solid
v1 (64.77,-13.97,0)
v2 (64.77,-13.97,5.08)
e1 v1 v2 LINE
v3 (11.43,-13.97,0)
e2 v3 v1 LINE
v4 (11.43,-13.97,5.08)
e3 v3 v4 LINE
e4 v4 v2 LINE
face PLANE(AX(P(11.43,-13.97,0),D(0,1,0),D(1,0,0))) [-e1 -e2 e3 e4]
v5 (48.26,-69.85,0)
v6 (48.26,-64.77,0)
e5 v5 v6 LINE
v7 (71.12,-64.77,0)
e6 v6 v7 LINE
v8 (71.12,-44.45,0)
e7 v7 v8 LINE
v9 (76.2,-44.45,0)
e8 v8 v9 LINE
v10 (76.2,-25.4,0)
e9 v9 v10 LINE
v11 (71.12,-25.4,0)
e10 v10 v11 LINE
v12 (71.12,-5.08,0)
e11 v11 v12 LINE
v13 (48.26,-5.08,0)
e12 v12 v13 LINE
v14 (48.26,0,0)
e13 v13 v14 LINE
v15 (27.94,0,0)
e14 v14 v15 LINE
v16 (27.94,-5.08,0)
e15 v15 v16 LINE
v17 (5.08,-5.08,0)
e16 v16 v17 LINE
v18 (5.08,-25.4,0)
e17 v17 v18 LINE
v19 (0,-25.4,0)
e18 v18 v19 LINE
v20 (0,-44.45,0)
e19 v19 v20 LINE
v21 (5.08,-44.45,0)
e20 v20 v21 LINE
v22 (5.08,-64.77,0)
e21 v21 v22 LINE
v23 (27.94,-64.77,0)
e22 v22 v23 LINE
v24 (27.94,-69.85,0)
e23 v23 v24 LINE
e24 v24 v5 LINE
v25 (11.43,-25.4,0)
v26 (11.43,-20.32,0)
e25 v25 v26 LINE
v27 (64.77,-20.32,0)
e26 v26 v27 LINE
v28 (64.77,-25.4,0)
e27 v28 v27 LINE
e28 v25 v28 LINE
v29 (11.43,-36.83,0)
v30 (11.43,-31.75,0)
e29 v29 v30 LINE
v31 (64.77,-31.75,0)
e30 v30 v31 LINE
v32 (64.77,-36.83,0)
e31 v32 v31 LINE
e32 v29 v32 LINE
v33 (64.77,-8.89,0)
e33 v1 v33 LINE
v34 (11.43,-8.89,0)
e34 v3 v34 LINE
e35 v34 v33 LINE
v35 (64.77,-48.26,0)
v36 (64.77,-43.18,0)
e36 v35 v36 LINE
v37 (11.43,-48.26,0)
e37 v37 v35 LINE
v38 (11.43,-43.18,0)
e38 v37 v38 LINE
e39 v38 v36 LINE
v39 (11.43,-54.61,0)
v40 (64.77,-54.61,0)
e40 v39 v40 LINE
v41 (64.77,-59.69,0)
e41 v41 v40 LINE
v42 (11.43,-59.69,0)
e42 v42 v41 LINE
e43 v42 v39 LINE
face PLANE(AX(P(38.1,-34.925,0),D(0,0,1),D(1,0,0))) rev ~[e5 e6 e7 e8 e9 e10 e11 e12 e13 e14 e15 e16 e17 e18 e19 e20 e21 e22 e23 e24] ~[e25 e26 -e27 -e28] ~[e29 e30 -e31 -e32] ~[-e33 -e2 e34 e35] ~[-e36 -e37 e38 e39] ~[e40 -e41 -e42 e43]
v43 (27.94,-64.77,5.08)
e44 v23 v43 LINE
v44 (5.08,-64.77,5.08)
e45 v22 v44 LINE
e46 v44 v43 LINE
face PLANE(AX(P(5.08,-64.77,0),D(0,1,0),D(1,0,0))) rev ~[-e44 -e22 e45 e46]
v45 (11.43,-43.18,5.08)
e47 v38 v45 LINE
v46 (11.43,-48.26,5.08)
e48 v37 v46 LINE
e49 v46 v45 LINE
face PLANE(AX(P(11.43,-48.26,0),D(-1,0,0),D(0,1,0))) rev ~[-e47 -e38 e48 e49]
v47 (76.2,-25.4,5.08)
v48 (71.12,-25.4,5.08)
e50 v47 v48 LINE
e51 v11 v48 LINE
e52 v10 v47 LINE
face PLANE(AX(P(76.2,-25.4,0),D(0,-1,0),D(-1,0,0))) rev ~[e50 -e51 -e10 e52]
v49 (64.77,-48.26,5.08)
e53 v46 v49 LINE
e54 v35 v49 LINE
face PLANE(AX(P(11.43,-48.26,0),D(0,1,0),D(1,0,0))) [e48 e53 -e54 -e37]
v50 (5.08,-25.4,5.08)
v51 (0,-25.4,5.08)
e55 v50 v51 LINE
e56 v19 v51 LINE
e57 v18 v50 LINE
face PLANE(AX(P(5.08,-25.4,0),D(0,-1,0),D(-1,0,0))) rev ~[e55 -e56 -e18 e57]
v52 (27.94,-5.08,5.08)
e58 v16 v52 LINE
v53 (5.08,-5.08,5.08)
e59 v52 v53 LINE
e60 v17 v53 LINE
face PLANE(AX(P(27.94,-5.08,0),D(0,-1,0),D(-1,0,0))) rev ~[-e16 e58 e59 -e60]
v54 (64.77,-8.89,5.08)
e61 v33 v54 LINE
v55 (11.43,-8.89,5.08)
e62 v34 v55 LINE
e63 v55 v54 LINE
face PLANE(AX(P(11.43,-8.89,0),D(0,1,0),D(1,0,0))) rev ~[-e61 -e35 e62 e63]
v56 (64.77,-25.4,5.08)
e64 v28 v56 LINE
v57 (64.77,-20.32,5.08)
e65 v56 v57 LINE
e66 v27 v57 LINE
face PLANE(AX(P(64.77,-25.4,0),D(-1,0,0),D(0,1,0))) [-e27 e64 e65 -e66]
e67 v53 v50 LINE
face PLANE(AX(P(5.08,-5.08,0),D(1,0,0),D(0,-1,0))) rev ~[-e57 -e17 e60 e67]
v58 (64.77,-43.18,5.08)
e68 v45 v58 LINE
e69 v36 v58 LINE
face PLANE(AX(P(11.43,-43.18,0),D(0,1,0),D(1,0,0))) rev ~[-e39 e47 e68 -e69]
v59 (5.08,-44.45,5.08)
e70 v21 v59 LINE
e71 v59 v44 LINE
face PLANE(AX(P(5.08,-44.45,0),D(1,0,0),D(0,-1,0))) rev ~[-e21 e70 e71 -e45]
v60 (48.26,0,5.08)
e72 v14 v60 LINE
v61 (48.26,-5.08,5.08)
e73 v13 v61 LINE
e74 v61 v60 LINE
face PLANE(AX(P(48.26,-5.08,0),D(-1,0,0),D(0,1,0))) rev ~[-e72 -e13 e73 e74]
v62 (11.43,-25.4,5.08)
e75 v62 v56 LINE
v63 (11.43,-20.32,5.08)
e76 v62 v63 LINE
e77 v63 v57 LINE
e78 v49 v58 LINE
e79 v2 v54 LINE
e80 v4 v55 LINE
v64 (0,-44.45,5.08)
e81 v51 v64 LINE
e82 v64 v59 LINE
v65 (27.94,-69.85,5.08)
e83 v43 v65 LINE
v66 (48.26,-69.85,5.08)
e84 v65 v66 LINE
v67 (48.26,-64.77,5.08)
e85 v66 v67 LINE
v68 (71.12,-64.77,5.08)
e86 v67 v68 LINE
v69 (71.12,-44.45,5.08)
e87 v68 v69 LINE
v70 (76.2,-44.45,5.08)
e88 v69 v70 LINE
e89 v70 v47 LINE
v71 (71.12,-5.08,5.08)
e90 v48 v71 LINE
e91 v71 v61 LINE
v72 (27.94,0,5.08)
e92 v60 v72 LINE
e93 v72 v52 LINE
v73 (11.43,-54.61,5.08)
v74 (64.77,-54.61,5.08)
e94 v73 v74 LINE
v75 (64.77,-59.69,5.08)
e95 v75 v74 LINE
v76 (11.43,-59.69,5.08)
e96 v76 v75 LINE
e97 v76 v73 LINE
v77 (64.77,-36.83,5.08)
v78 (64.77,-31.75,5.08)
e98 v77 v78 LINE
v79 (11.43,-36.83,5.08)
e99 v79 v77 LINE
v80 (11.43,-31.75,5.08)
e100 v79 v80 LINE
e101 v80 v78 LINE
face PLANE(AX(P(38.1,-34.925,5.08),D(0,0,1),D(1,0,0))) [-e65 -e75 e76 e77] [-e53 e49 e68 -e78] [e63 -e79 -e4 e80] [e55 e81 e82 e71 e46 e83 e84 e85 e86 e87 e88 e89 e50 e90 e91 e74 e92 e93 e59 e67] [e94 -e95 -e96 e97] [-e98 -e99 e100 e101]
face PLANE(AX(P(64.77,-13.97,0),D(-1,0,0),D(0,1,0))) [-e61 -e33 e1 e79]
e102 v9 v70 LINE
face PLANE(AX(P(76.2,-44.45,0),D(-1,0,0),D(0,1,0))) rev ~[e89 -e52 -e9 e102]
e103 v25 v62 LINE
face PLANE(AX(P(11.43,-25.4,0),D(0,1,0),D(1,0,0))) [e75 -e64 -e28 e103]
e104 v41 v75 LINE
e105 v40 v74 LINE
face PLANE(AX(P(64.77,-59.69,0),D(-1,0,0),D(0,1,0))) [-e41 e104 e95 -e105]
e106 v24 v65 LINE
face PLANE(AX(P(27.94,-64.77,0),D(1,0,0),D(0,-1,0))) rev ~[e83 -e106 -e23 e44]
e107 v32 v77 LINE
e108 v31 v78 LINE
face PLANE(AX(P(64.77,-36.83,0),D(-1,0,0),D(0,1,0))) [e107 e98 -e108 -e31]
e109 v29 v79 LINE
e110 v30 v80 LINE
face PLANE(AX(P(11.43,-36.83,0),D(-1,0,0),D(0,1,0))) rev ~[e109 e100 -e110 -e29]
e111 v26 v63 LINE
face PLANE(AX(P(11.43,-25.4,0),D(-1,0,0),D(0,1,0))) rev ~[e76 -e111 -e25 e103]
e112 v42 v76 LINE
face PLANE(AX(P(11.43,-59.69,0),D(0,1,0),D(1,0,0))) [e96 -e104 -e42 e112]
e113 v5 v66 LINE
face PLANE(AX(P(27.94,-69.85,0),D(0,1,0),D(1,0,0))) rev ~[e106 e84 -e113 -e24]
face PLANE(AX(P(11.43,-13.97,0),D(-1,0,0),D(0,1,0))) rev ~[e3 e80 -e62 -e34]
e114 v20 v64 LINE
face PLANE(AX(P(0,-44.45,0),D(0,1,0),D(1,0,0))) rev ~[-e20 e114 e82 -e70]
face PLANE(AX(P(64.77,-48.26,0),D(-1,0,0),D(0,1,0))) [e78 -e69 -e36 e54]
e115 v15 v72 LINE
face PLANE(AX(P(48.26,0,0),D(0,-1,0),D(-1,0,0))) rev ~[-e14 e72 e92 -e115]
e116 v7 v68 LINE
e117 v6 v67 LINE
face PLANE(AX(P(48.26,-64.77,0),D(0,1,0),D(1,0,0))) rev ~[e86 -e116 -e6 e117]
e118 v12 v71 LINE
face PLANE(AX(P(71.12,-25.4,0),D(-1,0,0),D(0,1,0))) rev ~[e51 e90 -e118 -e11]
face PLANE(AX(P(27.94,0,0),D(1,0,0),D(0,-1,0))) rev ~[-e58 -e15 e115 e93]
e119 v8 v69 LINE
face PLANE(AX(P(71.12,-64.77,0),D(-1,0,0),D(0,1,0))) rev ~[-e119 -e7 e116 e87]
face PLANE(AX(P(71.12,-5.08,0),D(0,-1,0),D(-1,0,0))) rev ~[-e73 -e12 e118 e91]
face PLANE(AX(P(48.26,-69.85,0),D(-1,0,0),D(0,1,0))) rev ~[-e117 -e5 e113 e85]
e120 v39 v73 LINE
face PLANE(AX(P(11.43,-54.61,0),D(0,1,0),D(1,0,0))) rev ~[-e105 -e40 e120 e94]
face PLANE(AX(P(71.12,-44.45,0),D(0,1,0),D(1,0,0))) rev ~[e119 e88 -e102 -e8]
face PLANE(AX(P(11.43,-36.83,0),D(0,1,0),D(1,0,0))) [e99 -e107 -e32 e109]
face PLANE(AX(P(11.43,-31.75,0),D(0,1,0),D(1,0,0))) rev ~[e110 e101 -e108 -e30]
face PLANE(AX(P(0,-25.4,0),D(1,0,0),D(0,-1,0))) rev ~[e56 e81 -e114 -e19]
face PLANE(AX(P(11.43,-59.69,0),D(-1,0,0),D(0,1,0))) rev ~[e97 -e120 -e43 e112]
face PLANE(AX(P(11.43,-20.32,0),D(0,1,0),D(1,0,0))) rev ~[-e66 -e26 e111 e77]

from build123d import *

# Parameters (mm, degrees)
F0_W     = 53.34
F0_H     = 5.08
F1_DEPTH = 5.08


with BuildPart() as f1:
    # F0 (on Top) → F1 (new body)
    with BuildSketch(Plane.XY):
        Polygon((48.26, 0), (27.94, 0), (27.94, -5.08), (5.08, -5.08), (5.08, -25.4), (0, -25.4), (0, -44.45), (5.08, -44.45), (5.08, -64.77), (27.94, -64.77), (27.94, -69.85), (48.26, -69.85), (48.26, -64.77), (71.12, -64.77), (71.12, -44.45), (76.2, -44.45), (76.2, -25.4), (71.12, -25.4), (71.12, -5.08), (48.26, -5.08), align=None)
        with Locations((38.1, -57.15)):
            Rectangle(F0_W, F0_H, mode=Mode.SUBTRACT)
        with Locations((38.1, -45.72)):
            Rectangle(F0_W, F0_H, mode=Mode.SUBTRACT)
        with Locations((38.1, -34.29)):
            Rectangle(F0_W, F0_H, mode=Mode.SUBTRACT)
        with Locations((38.1, -22.86)):
            Rectangle(F0_W, F0_H, mode=Mode.SUBTRACT)
        with Locations((38.1, -11.43)):
            Rectangle(F0_W, F0_H, mode=Mode.SUBTRACT)
    extrude(amount=F1_DEPTH)


solid = f1.part
